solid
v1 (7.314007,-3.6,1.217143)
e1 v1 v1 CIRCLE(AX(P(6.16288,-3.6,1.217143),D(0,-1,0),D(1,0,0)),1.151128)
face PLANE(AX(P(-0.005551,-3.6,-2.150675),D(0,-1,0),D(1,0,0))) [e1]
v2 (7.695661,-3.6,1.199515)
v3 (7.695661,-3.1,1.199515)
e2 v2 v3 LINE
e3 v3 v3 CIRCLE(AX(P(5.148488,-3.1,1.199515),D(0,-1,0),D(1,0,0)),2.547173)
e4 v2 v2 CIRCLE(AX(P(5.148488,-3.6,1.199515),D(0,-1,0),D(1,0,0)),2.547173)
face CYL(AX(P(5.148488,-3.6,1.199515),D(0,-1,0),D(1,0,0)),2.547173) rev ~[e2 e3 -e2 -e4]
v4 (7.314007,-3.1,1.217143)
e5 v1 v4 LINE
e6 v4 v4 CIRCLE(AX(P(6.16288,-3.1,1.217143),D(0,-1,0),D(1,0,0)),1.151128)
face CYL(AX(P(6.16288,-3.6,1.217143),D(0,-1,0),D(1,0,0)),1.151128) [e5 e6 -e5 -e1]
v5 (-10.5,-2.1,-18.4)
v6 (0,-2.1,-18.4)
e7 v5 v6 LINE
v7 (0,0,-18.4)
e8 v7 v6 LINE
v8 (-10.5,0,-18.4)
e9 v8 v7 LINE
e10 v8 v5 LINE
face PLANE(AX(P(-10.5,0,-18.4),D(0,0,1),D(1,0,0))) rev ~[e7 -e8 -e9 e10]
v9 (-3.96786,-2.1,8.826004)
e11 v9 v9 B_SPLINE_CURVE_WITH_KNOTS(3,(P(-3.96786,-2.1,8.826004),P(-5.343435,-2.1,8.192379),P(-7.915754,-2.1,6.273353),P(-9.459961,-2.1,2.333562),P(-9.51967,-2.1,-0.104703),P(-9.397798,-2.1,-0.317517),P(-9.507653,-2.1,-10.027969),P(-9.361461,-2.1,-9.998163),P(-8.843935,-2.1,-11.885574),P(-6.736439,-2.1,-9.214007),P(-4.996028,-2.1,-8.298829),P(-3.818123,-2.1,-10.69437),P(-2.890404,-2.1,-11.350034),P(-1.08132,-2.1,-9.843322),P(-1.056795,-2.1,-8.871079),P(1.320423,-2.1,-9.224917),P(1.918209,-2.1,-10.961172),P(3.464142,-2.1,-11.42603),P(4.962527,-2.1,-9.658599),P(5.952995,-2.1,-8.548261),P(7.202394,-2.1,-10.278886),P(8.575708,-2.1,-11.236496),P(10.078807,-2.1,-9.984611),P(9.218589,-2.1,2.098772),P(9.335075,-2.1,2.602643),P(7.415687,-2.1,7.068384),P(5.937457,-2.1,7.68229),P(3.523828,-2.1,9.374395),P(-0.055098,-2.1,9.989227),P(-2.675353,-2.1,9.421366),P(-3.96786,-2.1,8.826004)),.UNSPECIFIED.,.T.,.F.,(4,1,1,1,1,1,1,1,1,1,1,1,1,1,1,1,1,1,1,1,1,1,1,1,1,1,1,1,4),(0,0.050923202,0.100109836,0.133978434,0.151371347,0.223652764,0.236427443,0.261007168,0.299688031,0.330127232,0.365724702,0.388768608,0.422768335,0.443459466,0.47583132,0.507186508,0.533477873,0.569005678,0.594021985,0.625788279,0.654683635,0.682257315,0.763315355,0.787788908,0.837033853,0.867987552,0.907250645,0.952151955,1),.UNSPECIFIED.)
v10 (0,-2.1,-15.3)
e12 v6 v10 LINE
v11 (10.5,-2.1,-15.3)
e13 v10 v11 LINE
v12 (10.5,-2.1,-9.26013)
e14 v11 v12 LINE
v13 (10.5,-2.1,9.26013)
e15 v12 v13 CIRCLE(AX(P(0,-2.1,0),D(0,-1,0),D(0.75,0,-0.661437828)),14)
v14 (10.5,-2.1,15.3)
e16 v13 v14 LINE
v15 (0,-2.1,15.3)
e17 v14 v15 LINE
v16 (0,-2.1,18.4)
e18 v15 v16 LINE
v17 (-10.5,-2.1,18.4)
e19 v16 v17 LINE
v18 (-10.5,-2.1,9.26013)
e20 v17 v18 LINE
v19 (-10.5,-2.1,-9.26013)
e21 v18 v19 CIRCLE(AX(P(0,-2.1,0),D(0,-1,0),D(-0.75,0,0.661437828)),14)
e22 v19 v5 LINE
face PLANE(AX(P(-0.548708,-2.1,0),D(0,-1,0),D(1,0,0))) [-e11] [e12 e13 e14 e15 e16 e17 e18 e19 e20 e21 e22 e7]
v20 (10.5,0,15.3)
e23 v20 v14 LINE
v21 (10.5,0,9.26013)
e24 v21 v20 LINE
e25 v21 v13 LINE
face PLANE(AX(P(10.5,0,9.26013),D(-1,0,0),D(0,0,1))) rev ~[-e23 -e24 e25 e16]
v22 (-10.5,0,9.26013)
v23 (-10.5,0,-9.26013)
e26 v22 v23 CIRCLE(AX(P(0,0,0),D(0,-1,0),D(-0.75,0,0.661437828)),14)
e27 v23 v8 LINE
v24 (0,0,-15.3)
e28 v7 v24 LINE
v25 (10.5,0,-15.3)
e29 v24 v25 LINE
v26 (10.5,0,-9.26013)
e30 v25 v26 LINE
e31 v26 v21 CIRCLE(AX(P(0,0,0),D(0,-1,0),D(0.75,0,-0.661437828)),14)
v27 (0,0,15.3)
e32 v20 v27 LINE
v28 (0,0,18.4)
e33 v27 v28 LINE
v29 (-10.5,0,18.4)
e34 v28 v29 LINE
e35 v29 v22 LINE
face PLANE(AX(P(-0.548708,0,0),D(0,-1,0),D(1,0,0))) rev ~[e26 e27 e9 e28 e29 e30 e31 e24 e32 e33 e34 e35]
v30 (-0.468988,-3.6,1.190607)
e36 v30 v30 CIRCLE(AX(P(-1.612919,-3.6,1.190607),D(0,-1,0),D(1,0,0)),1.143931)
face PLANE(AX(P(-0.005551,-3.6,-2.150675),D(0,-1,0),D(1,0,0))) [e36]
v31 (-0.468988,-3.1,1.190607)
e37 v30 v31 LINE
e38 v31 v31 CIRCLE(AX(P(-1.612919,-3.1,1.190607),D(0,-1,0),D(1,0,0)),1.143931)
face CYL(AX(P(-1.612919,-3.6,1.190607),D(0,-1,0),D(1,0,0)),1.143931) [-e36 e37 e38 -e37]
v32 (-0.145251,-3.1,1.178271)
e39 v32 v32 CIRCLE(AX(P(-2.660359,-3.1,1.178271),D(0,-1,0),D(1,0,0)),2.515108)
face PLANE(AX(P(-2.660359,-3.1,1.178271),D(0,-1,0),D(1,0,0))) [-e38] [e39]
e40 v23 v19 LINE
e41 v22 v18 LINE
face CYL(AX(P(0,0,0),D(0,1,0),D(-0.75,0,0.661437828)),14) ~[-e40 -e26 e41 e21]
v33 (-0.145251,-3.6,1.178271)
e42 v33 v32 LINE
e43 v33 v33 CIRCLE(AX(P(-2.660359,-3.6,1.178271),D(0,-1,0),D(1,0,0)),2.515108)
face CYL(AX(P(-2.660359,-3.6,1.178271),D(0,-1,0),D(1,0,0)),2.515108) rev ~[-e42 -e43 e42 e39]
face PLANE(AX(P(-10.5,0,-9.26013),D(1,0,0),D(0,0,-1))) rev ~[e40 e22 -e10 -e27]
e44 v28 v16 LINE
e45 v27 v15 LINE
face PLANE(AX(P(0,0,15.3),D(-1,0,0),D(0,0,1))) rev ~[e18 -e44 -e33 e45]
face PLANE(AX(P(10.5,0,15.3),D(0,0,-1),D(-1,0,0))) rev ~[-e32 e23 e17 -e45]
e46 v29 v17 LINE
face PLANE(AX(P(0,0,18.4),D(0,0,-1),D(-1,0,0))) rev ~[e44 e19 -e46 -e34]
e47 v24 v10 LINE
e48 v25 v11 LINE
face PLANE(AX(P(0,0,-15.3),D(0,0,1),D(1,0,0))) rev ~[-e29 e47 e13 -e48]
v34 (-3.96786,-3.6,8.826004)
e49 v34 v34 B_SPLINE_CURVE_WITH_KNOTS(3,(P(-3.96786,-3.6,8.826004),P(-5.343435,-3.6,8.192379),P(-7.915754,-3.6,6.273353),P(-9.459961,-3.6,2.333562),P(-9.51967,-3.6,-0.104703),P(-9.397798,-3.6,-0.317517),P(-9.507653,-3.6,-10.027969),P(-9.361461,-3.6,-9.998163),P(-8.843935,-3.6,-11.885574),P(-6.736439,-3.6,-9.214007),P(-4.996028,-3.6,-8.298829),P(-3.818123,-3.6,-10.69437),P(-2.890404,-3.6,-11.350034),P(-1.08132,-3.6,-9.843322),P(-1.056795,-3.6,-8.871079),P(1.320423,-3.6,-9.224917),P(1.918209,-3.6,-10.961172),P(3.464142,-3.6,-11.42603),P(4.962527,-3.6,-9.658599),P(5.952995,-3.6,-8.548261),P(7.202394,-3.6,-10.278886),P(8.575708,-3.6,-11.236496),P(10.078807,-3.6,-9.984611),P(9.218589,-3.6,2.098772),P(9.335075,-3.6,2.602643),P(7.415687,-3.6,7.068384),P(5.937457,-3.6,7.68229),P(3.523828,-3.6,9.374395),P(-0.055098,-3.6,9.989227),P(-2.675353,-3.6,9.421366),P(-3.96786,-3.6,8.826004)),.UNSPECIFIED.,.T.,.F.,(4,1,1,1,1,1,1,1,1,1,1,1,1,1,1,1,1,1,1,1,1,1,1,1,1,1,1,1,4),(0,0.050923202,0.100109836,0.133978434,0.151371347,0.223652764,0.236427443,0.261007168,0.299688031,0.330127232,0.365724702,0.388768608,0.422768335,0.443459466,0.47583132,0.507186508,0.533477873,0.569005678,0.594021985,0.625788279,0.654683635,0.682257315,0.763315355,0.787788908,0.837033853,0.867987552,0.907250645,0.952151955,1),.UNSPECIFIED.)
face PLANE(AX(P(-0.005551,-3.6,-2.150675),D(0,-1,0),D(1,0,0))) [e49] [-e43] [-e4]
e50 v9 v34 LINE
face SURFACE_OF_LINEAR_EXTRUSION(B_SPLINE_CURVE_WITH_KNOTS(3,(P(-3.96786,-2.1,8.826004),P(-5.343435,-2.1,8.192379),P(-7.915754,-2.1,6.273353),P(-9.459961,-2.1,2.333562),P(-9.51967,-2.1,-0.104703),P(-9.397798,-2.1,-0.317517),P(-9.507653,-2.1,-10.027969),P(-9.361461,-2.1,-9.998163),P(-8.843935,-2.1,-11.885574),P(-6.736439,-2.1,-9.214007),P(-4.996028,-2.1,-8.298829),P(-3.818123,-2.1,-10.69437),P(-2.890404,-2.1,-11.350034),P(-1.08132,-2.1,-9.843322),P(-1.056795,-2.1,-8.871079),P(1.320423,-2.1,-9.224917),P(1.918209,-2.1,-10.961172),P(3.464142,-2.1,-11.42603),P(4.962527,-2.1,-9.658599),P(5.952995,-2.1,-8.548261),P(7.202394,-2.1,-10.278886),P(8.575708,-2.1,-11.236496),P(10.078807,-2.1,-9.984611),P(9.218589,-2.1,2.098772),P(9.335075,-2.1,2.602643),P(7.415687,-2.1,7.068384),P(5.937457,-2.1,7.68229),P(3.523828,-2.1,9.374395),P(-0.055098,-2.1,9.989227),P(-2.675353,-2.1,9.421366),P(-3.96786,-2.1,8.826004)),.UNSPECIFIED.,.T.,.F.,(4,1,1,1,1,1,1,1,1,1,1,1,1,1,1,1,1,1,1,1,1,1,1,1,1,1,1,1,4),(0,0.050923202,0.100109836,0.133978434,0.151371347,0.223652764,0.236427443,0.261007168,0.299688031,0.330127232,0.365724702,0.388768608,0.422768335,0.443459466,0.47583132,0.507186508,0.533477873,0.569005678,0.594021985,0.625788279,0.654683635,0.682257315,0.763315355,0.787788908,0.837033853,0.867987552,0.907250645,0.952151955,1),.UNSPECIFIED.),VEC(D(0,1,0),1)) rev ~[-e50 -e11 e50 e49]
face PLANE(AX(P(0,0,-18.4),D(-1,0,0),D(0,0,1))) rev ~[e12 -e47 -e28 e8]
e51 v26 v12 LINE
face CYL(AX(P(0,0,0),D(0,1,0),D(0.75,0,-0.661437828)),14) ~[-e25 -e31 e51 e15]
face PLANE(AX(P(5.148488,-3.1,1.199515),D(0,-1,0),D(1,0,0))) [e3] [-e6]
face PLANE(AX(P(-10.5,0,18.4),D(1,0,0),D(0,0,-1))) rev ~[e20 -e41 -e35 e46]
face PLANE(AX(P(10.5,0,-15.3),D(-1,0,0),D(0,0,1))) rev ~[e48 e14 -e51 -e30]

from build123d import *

# Parameters (mm, degrees)
F1_DEPTH = 2.1
F3_DEPTH = 1.5
F4_R     = 2.5151079864
F4_R_2   = 1.1439307613
F4_R_3   = 2.5471732188
F4_R_4   = 1.1511277937
F5_DEPTH = 0.5


with BuildPart() as f1:
    # F0 (on Front) → F1 (new body)
    with BuildSketch(Plane.XZ):
        with BuildLine():
            Line((-10.5, 18.4), (-10.5, 9.2601295887))
            ThreePointArc((-10.5, 9.2601295887), (-14, 0), (-10.5, -9.2601295887))
            Line((-10.5, -9.2601295887), (-10.5, -18.4))
            Line((-10.5, -18.4), (0, -18.4))
            Line((0, -18.4), (0, -15.3))
            Line((0, -15.3), (10.5, -15.3))
            Line((10.5, -15.3), (10.5, -9.2601295887))
            ThreePointArc((10.5, -9.2601295887), (14, 0), (10.5, 9.2601295887))
            Line((10.5, 9.2601295887), (10.5, 15.3))
            Line((10.5, 15.3), (0, 15.3))
            Line((0, 15.3), (0, 18.4))
            Line((0, 18.4), (-10.5, 18.4))
        make_face()
    extrude(amount=F1_DEPTH)

    # F2 (on face) → F3 (join)
    with BuildSketch(Plane.XZ.offset(2.1)):
        with BuildLine():
            add(Edge.make_bspline(
                [(-3.9678597823, 8.8260043412), (-5.3434347506, 8.1923787352), (-7.9157537144, 6.2733525805), (-9.4599614551, 2.3335617511), (-9.5196699849, -0.10470251), (-9.3977979153, -0.3175170876), (-9.5076528386, -10.0279685023), (-9.3614610324, -9.9981630516), (-8.8439348657, -11.8855738729), (-6.7364394934, -9.2140070277), (-4.9960283029, -8.2988293594), (-3.8181232464, -10.694369994), (-2.8904036543, -11.3500343476), (-1.0813196581, -9.8433216687), (-1.056795233, -8.8710785417), (1.3204226306, -9.2249165207), (1.9182090593, -10.9611717914), (3.4641419056, -11.4260297291), (4.9625269458, -9.6585990097), (5.9529950261, -8.5482608222), (7.2023935774, -10.2788861987), (8.5757078298, -11.2364960037), (10.0788069722, -9.9846110082), (9.2185894313, 2.0987722685), (9.3350749351, 2.6026429563), (7.4156868571, 7.0683842776), (5.9374572711, 7.6822898017), (3.5238278197, 9.3743945717), (-0.0550980479, 9.9892269201), (-2.6753532011, 9.4213664877), (-3.9678597823, 8.8260043412)],
                knots=[0, 0, 0, 0, 0.0509232015, 0.1001098359, 0.1339784345, 0.1513713466, 0.2236527642, 0.2364274432, 0.2610071679, 0.2996880313, 0.3301272322, 0.3657247016, 0.3887686084, 0.4227683347, 0.4434594659, 0.4758313203, 0.5071865083, 0.533477873, 0.569005678, 0.5940219846, 0.6257882786, 0.6546836349, 0.6822573152, 0.7633153549, 0.7877889077, 0.837033853, 0.8679875518, 0.9072506452, 0.9521519549, 1, 1, 1, 1], degree=3))
        make_face()
    extrude(amount=F3_DEPTH)

    # F4 (on face) → F5 (cut)
    with BuildSketch(Plane.XZ.offset(3.6)):
        with Locations((-2.6603587625, 1.1782707472)):
            Circle(F4_R)
        with Locations((-1.6129185715, 1.1906070784)):
            Circle(F4_R_2, mode=Mode.SUBTRACT)
        with Locations((5.1484879625, 1.1995154548)):
            Circle(F4_R_3)
        with Locations((6.1628796289, 1.2171427591)):
            Circle(F4_R_4, mode=Mode.SUBTRACT)
    extrude(amount=-F5_DEPTH, mode=Mode.SUBTRACT)


solid = f1.part
